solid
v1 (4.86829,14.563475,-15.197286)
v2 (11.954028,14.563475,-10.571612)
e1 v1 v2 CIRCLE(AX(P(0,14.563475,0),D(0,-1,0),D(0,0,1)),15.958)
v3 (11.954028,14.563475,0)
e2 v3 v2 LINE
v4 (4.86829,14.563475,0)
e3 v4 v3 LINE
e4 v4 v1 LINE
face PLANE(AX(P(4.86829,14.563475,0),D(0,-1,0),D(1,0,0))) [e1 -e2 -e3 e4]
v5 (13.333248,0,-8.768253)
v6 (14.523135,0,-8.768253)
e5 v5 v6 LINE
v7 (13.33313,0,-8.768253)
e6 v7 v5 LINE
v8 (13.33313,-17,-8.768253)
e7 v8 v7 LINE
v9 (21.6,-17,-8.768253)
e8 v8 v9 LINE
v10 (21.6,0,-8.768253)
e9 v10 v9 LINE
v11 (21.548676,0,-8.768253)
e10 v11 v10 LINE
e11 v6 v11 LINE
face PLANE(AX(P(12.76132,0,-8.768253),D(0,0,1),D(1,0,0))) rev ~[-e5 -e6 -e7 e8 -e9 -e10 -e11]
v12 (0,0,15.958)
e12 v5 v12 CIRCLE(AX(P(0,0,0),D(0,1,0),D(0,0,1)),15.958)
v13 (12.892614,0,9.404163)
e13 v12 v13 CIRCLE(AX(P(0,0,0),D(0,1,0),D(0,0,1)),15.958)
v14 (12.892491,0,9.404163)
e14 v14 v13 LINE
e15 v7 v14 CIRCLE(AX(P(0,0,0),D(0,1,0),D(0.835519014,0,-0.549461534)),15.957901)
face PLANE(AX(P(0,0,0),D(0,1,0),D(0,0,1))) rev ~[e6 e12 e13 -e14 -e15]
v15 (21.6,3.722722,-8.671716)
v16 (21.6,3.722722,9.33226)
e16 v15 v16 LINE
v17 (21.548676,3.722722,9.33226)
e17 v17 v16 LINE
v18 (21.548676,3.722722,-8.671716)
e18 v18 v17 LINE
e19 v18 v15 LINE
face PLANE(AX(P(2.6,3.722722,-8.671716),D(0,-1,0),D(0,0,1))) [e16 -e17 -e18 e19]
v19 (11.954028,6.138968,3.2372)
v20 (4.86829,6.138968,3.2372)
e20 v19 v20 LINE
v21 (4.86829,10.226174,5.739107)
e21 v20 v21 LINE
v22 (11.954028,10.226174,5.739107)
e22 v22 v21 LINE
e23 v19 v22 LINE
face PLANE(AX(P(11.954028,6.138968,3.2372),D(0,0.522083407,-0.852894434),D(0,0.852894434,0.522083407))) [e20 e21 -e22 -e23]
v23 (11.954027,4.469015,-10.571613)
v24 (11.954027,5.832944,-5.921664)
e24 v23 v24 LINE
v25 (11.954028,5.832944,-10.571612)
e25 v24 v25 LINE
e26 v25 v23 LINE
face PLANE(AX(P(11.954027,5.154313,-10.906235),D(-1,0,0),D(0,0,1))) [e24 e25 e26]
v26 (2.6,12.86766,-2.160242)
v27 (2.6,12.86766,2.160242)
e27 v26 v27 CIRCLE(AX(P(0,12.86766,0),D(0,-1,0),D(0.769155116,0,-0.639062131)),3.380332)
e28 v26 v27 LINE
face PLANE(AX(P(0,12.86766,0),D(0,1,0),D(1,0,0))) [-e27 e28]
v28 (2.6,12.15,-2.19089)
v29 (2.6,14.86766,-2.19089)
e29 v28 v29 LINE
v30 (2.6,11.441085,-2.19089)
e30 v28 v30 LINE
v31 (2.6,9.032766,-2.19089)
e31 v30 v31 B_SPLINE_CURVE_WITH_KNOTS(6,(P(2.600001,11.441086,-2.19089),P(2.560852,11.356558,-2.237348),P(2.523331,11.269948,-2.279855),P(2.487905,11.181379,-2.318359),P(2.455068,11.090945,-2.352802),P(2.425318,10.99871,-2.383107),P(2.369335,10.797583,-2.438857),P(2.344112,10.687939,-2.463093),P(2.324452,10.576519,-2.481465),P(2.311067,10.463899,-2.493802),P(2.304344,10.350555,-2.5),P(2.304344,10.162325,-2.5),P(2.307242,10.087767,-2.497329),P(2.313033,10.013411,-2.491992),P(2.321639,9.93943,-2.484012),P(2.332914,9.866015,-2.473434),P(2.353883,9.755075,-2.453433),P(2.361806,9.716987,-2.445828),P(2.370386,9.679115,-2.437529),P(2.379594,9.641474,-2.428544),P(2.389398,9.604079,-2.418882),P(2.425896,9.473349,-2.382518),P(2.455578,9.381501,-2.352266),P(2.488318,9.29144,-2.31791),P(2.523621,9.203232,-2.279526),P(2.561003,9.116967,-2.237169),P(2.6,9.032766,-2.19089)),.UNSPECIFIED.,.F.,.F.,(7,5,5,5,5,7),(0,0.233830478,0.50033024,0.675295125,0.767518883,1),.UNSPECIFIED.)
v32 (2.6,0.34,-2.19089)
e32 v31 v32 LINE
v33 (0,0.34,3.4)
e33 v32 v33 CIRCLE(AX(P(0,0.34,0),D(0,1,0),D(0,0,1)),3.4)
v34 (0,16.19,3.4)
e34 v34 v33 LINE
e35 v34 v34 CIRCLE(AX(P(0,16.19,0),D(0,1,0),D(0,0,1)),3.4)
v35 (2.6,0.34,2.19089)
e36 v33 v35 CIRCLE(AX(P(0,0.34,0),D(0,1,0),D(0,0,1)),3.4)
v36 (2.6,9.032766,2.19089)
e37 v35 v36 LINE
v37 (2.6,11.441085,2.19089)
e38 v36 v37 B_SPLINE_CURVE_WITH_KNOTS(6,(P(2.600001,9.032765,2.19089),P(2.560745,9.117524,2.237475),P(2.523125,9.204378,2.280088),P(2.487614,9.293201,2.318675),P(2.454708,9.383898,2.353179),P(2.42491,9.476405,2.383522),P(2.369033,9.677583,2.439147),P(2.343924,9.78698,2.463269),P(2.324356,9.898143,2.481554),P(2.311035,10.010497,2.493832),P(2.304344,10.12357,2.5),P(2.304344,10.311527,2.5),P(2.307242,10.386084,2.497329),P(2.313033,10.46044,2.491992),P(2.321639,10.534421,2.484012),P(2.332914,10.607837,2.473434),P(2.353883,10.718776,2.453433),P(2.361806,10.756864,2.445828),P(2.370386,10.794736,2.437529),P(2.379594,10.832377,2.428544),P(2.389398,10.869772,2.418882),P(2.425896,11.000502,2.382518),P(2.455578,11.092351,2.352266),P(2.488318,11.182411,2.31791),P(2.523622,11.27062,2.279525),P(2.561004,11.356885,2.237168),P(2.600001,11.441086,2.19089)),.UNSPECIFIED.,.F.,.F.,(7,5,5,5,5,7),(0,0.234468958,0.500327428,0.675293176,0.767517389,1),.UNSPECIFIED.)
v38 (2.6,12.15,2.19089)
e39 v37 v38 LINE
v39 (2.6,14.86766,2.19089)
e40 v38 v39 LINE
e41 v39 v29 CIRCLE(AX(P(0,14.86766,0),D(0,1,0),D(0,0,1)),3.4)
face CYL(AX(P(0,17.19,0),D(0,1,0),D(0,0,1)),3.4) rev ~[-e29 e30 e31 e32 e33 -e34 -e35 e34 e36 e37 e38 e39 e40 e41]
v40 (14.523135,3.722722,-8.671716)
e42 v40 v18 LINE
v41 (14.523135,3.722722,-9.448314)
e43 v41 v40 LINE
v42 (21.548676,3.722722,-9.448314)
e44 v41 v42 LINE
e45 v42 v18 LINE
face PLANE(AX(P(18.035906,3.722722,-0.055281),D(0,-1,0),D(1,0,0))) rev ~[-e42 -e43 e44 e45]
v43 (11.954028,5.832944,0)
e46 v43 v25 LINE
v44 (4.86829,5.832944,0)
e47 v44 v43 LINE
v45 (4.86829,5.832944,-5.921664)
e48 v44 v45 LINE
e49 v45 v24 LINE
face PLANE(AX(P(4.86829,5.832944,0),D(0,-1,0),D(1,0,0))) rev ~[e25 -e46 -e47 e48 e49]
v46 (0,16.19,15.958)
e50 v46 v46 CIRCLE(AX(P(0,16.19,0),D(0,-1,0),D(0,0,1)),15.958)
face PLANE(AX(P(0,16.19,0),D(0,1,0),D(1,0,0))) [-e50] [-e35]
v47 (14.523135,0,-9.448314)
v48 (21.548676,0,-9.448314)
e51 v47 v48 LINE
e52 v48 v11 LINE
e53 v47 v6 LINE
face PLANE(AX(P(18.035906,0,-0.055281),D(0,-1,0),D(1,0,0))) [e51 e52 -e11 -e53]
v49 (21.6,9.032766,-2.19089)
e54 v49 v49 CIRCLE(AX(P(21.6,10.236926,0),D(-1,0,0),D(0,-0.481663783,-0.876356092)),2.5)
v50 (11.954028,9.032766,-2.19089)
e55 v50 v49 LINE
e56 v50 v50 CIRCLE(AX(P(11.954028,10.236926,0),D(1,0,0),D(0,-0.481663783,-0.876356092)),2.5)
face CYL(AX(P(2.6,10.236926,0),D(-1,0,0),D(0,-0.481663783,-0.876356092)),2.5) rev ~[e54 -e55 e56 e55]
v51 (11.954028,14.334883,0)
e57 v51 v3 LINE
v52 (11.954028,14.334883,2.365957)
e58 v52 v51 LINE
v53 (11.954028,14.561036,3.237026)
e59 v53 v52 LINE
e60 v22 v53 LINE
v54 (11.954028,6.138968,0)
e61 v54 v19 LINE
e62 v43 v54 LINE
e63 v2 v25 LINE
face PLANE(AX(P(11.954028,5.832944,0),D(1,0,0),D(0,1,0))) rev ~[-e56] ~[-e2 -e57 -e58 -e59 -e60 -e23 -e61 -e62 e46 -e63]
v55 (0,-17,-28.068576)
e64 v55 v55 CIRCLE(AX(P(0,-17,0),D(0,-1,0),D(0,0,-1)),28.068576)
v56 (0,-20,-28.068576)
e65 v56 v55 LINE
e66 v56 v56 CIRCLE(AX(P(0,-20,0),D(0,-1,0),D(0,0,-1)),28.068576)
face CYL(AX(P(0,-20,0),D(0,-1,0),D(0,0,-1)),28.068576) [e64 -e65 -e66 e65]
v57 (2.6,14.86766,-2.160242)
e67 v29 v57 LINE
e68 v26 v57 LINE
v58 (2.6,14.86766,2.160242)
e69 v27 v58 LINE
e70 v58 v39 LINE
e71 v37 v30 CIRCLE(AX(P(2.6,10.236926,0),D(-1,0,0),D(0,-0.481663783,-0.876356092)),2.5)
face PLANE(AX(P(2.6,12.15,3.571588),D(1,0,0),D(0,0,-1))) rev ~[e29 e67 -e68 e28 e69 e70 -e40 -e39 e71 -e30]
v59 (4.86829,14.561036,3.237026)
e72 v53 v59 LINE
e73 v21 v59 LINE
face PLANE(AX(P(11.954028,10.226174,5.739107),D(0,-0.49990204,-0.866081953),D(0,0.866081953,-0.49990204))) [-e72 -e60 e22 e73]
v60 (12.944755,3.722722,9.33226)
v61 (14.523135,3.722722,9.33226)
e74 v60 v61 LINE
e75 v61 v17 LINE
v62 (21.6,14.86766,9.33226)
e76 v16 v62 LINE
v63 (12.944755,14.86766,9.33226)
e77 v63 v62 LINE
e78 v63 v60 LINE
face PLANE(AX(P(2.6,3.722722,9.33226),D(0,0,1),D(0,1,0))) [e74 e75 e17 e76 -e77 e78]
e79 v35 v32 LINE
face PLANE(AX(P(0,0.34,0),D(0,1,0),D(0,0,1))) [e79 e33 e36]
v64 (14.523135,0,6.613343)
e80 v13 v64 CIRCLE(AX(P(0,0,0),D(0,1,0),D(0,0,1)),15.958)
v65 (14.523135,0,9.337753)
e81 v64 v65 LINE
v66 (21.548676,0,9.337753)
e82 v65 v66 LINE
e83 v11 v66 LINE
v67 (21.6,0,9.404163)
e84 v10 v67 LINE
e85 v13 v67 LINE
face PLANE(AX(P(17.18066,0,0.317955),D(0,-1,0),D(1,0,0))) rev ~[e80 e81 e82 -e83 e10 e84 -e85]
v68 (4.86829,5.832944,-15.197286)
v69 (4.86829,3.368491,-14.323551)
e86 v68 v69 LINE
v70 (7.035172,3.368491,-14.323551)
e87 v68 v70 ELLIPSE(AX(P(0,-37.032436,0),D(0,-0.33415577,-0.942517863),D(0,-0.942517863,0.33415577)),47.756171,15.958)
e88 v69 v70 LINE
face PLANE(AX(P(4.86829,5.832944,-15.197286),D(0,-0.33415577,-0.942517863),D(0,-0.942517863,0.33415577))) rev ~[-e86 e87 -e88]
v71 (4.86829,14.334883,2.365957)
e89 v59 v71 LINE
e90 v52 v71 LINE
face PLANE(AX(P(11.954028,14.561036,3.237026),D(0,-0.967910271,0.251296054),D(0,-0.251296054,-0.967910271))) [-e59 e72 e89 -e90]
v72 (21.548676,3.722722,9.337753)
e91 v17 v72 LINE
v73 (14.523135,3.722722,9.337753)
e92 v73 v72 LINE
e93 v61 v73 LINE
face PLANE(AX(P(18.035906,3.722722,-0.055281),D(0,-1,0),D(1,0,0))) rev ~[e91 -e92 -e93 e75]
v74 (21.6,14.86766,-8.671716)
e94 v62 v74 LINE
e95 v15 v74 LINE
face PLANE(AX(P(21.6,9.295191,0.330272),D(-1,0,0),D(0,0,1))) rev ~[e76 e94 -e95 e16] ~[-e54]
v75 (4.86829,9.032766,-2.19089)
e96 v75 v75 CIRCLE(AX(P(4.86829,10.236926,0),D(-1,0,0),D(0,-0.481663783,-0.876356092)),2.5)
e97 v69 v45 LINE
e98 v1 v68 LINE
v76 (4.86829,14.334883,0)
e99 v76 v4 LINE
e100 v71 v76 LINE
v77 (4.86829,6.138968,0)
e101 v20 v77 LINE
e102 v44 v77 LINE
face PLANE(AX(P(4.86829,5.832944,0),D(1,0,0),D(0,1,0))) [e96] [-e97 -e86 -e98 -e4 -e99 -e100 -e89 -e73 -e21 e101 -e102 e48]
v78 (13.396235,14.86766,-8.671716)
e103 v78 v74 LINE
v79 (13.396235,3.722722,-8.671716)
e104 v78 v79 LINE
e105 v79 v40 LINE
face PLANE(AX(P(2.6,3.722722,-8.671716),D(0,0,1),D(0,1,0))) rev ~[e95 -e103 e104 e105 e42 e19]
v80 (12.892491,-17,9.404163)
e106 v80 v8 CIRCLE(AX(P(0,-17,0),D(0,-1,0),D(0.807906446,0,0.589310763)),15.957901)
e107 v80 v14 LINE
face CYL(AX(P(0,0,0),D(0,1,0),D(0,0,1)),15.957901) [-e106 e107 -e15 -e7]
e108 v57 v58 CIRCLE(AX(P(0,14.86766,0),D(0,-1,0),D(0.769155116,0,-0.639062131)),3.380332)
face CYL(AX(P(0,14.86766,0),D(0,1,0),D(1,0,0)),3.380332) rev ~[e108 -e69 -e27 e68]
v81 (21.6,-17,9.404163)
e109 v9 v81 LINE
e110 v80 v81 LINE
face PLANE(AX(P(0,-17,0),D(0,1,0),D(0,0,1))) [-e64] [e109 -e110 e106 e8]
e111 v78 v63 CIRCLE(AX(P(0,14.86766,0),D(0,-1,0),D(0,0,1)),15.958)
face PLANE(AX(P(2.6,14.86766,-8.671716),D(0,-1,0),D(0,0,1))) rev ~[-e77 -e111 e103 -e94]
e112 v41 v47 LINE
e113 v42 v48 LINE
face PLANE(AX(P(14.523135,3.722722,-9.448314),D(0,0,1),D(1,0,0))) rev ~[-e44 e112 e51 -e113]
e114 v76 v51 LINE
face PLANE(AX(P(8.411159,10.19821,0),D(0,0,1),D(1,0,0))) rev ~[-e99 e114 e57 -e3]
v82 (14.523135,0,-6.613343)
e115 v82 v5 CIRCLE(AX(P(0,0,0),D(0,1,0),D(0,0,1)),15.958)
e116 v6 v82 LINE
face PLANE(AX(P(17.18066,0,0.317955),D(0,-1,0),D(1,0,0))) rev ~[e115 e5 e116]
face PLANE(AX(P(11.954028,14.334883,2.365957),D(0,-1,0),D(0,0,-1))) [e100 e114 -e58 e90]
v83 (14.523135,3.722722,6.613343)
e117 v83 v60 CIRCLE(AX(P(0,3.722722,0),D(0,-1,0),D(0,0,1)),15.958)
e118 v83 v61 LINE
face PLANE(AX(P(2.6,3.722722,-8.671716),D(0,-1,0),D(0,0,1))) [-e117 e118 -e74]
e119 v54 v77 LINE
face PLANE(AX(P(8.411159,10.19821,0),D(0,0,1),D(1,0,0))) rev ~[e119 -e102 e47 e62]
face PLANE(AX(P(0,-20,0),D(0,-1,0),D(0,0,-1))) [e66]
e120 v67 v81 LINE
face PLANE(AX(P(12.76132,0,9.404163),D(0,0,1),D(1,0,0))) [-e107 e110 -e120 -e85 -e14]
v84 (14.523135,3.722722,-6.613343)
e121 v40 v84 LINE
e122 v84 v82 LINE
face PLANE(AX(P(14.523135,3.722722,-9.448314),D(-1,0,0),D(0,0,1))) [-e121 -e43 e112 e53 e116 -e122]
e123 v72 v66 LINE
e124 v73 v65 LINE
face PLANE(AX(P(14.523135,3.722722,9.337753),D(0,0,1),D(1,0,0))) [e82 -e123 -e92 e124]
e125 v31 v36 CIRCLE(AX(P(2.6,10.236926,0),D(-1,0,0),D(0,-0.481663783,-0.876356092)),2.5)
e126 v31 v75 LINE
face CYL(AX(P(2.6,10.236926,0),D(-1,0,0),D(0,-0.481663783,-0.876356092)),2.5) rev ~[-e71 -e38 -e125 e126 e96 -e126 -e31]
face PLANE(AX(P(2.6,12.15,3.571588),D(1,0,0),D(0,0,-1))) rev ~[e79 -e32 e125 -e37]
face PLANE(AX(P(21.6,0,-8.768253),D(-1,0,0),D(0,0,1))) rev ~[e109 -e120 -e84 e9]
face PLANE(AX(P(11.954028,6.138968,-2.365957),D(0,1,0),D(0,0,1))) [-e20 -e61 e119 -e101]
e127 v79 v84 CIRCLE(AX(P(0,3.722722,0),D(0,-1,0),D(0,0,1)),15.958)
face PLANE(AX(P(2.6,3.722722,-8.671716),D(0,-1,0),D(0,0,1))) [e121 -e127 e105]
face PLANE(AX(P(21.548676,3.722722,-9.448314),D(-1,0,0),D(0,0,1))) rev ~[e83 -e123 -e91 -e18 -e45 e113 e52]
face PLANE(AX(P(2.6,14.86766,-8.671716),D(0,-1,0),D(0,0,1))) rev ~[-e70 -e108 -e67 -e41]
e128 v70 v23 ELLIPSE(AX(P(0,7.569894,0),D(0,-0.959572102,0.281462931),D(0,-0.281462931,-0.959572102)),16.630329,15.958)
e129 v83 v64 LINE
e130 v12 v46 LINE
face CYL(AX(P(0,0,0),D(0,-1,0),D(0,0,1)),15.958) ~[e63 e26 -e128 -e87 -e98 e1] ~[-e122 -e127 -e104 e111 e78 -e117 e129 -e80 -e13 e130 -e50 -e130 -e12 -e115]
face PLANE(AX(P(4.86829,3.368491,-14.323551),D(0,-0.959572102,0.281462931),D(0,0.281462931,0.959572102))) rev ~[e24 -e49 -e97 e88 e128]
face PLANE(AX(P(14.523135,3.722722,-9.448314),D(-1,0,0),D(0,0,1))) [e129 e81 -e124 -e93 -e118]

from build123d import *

# Parameters (mm, degrees)
SKETCH1_R                                      = 15.958
SHAFTHOLDERNEARMOTOR_DEPTH                     = 17.19
SKETCH2_R                                      = 3.4
SHAFTHOLE_DEPTH                                = 16.85
SKETCH5_W                                      = 1.550685087
SKETCH5_H                                      = 7.184215806
BOSS_EXTRUDE2_DEPTH                            = 13.55
SKETCH7_W                                      = 18.003976239
SKETCH7_H                                      = 11.144937805
BOSS_EXTRUDE3_DEPTH                            = 19
SKETCH6_R                                      = 2.5
BOLTHOLE_DEPTH                                 = 1
BOLTHOLE_DEPTH_BACK                            = 19
SKETCH10_R                                     = 50
BOSS_EXTRUDE4_DEPTH                            = 20
SKETCH12_R                                     = 43
SKETCH12_R_2                                   = 15.95790089
CUTTOREMVEEXCESSMATERIAL_DEPTH                 = 17
SKETCH13_R                                     = 50
SKETCH13_R_2                                   = 42.696683681
BOSS_EXTRUDE5_DEPTH                            = 17
SKETCH9_W                                      = 7.08573731
SKETCH9_H                                      = 8.730531823
NUTOPENING_DEPTH                               = 74.484692283
HEXCUT_DEPTH                                   = 7.08573731
SKETCH16_R                                     = 6
CUT_EXTRUDE7_DEPTH                             = 40
SKETCH19_R                                     = 12
CUT_EXTRUDE8_DEPTH                             = 5
SKETCH20_R                                     = 12
CUT_EXTRUDE9_DEPTH                             = 5
SKETCH22_R                                     = 12.553525499
CUT_EXTRUDE10_DEPTH                            = 5
SKETCH21_R                                     = 10
CUT_EXTRUDE11_DEPTH                            = 5
SKETCH23_R                                     = 11.965333231
CUT_EXTRUDE12_DEPTH                            = 5
SKETCH25_R                                     = 9.629681042
CUT_EXTRUDE13_DEPTH                            = 5
SKETCH26_R                                     = 15.012411299
CUT_EXTRUDE14_DEPTH                            = 5
SKETCH27_R                                     = 11.854712092
CUT_EXTRUDE15_DEPTH                            = 5
SKETCH28_W                                     = 8.838679887
SKETCH28_H                                     = 18.172415452
BOSS_EXTRUDE6_DEPTH                            = 17
SKETCH29_W                                     = 7.025540803
SKETCH29_H                                     = 18.786067296
BOSS_EXTRUDE7_DEPTH                            = 3.722722351
SKETCH31_R                                     = 26.336547497
CUT_EXTRUDE16_DEPTH                            = 1
SKETCH32_R                                     = 3.380332453
CUT_EXTRUDE17_DEPTH                            = 2
SKETCH33_R                                     = 63.32413164
SKETCH33_R_2                                   = 28.068575678
REMOVEOUTSIDEOFWHEEL_WOULDLIKETODISABLET_DEPTH = 80.806015003
CUTOUTWEDGETOMAKEBOTINSERTIONEASIER_DEPTH      = 7.085737
BOLTHOLDERDEPTHINCREASE_DEPTH                  = 7.08573731


with BuildPart() as part:
    # Sketch1 → ShaftHolderNearMotor (new body)
    with BuildSketch(Plane(origin=(0, 0, 0), x_dir=(1, 0, 0), z_dir=(0, 1, 0))):
        with Locations(Location((0, 0, 0), (0, 0, 270))):
            Circle(SKETCH1_R)
    extrude(amount=SHAFTHOLDERNEARMOTOR_DEPTH)

    # Sketch2 → ShaftHole (cut)
    with BuildSketch(Plane(origin=(0, 17.19, 0), x_dir=(1, 0, 0), z_dir=(0, 1, 0))):
        with Locations(Location((0, 0, 0), (0, 0, 270))):
            Circle(SKETCH2_R)
    extrude(amount=-SHAFTHOLE_DEPTH, mode=Mode.SUBTRACT)

    # Sketch5 → Boss-Extrude2 (add)
    with BuildSketch(Plane(origin=(0, 12.15, 0), x_dir=(1, 0, 0), z_dir=(0, 1, 0))):
        with Locations((3.375342544, 0.020519704)):
            Rectangle(SKETCH5_W, SKETCH5_H)
    extrude(amount=-BOSS_EXTRUDE2_DEPTH)

    # Sketch7 → Boss-Extrude3 (add)
    with BuildSketch(Plane.ZY.offset(-2.6)):
        with Locations((0.33027221, 9.295191254)):
            Rectangle(SKETCH7_W, SKETCH7_H)
    extrude(amount=-BOSS_EXTRUDE3_DEPTH)

    # Sketch6 → BoltHole (cut, two sides)
    with BuildSketch(Plane.ZY.offset(-2.6)) as bolthole_sk:
        with Locations(Location((0, 10.236925537, 0), (0, 0, 208.794122803))):
            Circle(SKETCH6_R)
    extrude(amount=BOLTHOLE_DEPTH, mode=Mode.SUBTRACT)
    extrude(bolthole_sk.sketch, amount=-BOLTHOLE_DEPTH_BACK, mode=Mode.SUBTRACT)

    # Sketch10 → Boss-Extrude4 (add)
    with BuildSketch(Plane.XZ):
        with Locations(Location((0, 0, 0), (0, 0, 270))):
            Circle(SKETCH10_R)
    extrude(amount=BOSS_EXTRUDE4_DEPTH)

    # Sketch12 → CutToRemveExcessMaterial (cut)
    with BuildSketch(Plane(origin=(0, 0, 0), x_dir=(1, 0, 0), z_dir=(0, 1, 0))):
        with Locations(Location((0, 0, 0), (0, 0, 270))):
            Circle(SKETCH12_R)
        with Locations(Location((0, 0, 0), (0, 0, 270))):
            Circle(SKETCH12_R_2, mode=Mode.SUBTRACT)
    extrude(amount=-CUTTOREMVEEXCESSMATERIAL_DEPTH, mode=Mode.SUBTRACT)

    # Sketch13 → Boss-Extrude5 (add)
    with BuildSketch(Plane(origin=(0, 0, 0), x_dir=(1, 0, 0), z_dir=(0, 1, 0))):
        with Locations(Location((0, 0, 0), (0, 0, 270))):
            Circle(SKETCH13_R)
        with Locations(Location((0, 0, 0), (0, 0, 270))):
            Circle(SKETCH13_R_2, mode=Mode.SUBTRACT)
    extrude(amount=BOSS_EXTRUDE5_DEPTH)

    # Sketch9 → NutOpening (cut, through all)
    with BuildSketch(Plane.XY):
        with Locations((8.411159077, 10.198209562)):
            Rectangle(SKETCH9_W, SKETCH9_H)
    extrude(amount=-NUTOPENING_DEPTH, mode=Mode.SUBTRACT)

    # Sketch14 → HexCut (cut)
    with BuildSketch(Plane.ZY.offset(-11.954027732)):
        Polygon((-4.731913408, 10.236925537), (-2.365956704, 6.138968317), (2.365956704, 6.138968317), (4.731913408, 10.236925537), (2.365956704, 14.334882757), (-2.365956704, 14.334882757), align=None)
    extrude(amount=HEXCUT_DEPTH, mode=Mode.SUBTRACT)

    # Sketch16 → Cut-Extrude7 (cut)
    with BuildSketch(Plane(origin=(21.6, 0, 0), x_dir=(0, 0, -1), z_dir=(1, 0, 0))):
        with Locations(Location((0, 10.236925537, 0), (0, 0, 180))):
            Circle(SKETCH16_R)
    extrude(amount=CUT_EXTRUDE7_DEPTH, mode=Mode.SUBTRACT)

    # Sketch19 → Cut-Extrude8 (cut)
    with BuildSketch(Plane(origin=(9.351145186, 0, 49.117777675), x_dir=(0.9823555534957298, 0, -0.18702290372063646), z_dir=(0.18702290372063649, 0, 0.9823555534957299))):
        with Locations((-6.553798813, -15.044376388)):
            Circle(SKETCH19_R)
    extrude(amount=-CUT_EXTRUDE8_DEPTH, mode=Mode.SUBTRACT)

    # Sketch20 → Cut-Extrude9 (cut)
    with BuildSketch(Plane(origin=(35.756785301, 0, 34.949281894), x_dir=(0.6989856378867483, 0, -0.7151357060223296), z_dir=(0.7151357060223296, 0, 0.6989856378867483))):
        with Locations((3.558365894, 19.429208609)):
            Circle(SKETCH20_R)
    extrude(amount=-CUT_EXTRUDE9_DEPTH, mode=Mode.SUBTRACT)

    # Sketch22 → Cut-Extrude10 (cut)
    with BuildSketch(Plane(origin=(34.949281894, 0, -35.756785301), x_dir=(-0.7151357060223288, 0, -0.698985637886749), z_dir=(0.698985637886749, 0, -0.7151357060223288))):
        with Locations((5.427738333, 18.490794011)):
            Circle(SKETCH22_R)
    extrude(amount=-CUT_EXTRUDE10_DEPTH, mode=Mode.SUBTRACT)

    # Sketch21 → Cut-Extrude11 (cut)
    with BuildSketch(Plane(origin=(49.117777675, 0, -9.351145186), x_dir=(-0.18702290372063798, 0, -0.9823555534957294), z_dir=(0.9823555534957294, 0, -0.18702290372063798))):
        with Locations((-4.791175632, -19.221882877)):
            Circle(SKETCH21_R)
    extrude(amount=-CUT_EXTRUDE11_DEPTH, mode=Mode.SUBTRACT)

    # Sketch23 → Cut-Extrude12 (cut)
    with BuildSketch(Plane(origin=(-0.570991135, 0, -49.996739585), x_dir=(-0.9999347916987428, 0, 0.011419822695298289), z_dir=(-0.011419822695298287, 0, -0.9999347916987427))):
        with Locations((4.525183767, -20.017770037)):
            Circle(SKETCH23_R)
    extrude(amount=-CUT_EXTRUDE12_DEPTH, mode=Mode.SUBTRACT)

    # Sketch25 → Cut-Extrude13 (cut)
    with BuildSketch(Plane(origin=(-41.343771844, 0, -28.119255498), x_dir=(-0.5623851099550343, 0, 0.8268754368711554), z_dir=(-0.8268754368711554, 0, -0.5623851099550343))):
        with Locations((-2.649823638, 18.643158668)):
            Circle(SKETCH25_R)
    extrude(amount=-CUT_EXTRUDE13_DEPTH, mode=Mode.SUBTRACT)

    # Sketch26 → Cut-Extrude14 (cut)
    with BuildSketch(Plane(origin=(-49.117777675, 0, 9.351145186), x_dir=(0.18702290372063635, 0, 0.9823555534957298), z_dir=(-0.9823555534957298, 0, 0.18702290372063635))):
        with Locations((-4.497650602, -19.126376963)):
            Circle(SKETCH26_R)
    extrude(amount=-CUT_EXTRUDE14_DEPTH, mode=Mode.SUBTRACT)

    # Sketch27 → Cut-Extrude15 (cut)
    with BuildSketch(Plane(origin=(-28.119255498, 0, 41.343771844), x_dir=(0.8268754368711555, 0, 0.562385109955034), z_dir=(-0.562385109955034, 0, 0.8268754368711555))):
        with Locations((-2.287517393, 17.62218093)):
            Circle(SKETCH27_R)
    extrude(amount=-CUT_EXTRUDE15_DEPTH, mode=Mode.SUBTRACT)

    # Sketch28 → Boss-Extrude6 (add)
    with BuildSketch(Plane.XZ):
        with Locations((17.180660057, 0.317955018)):
            Rectangle(SKETCH28_W, SKETCH28_H)
    extrude(amount=BOSS_EXTRUDE6_DEPTH)

    # Sketch29 → Boss-Extrude7 (add)
    with BuildSketch(Plane.XZ.offset(-3.722722351)):
        with Locations((18.03590553, -0.055280695)):
            Rectangle(SKETCH29_W, SKETCH29_H)
    extrude(amount=BOSS_EXTRUDE7_DEPTH)

    # Sketch31 → Cut-Extrude16 (cut)
    with BuildSketch(Plane(origin=(0, 17.19, 0), x_dir=(1, 0, 0), z_dir=(0, 1, 0))):
        Circle(SKETCH31_R)
    extrude(amount=-CUT_EXTRUDE16_DEPTH, mode=Mode.SUBTRACT)

    # Sketch32 → Cut-Extrude17 (cut)
    with BuildSketch(Plane(origin=(0, 14.867660156, 0), x_dir=(1, 0, 0), z_dir=(0, 1, 0))):
        Circle(SKETCH32_R)
    extrude(amount=-CUT_EXTRUDE17_DEPTH, mode=Mode.SUBTRACT)

    # Sketch33 → RemoveOutsideOfWheel(WouldLikeToDisableThis) (cut, through all)
    with BuildSketch(Plane.XZ.offset(20)):
        Circle(SKETCH33_R)
        with Locations(Location((0, 0, 0), (0, 0, 270))):
            Circle(SKETCH33_R_2, mode=Mode.SUBTRACT)
    extrude(amount=-REMOVEOUTSIDEOFWHEEL_WOULDLIKETODISABLET_DEPTH, mode=Mode.SUBTRACT)

    # Sketch37 → CutOutWedgeToMakeBotInsertionEasier (cut)
    with BuildSketch(Plane(origin=(4.868290422, 0, 0), x_dir=(0, 0, -1), z_dir=(1, 0, 0))):
        Polygon((15.197286349, 5.83294365), (14.323551181, 3.368491211), (5.921663956, 5.83294365), align=None)
    extrude(amount=CUTOUTWEDGETOMAKEBOTINSERTIONEASIER_DEPTH, mode=Mode.SUBTRACT)

    # Sketch38 → BoltHolderDepthIncrease (cut)
    with BuildSketch(Plane.ZY.offset(-11.954027732)):
        Polygon((2.365956704, 6.138968317), (3.237200261, 6.138968317), (5.739106701, 10.226173633), (3.237026282, 14.561036311), (2.365956704, 14.334882757), (4.731913408, 10.236925537), align=None)
    extrude(amount=BOLTHOLDERDEPTHINCREASE_DEPTH, mode=Mode.SUBTRACT)


solid = part.part
